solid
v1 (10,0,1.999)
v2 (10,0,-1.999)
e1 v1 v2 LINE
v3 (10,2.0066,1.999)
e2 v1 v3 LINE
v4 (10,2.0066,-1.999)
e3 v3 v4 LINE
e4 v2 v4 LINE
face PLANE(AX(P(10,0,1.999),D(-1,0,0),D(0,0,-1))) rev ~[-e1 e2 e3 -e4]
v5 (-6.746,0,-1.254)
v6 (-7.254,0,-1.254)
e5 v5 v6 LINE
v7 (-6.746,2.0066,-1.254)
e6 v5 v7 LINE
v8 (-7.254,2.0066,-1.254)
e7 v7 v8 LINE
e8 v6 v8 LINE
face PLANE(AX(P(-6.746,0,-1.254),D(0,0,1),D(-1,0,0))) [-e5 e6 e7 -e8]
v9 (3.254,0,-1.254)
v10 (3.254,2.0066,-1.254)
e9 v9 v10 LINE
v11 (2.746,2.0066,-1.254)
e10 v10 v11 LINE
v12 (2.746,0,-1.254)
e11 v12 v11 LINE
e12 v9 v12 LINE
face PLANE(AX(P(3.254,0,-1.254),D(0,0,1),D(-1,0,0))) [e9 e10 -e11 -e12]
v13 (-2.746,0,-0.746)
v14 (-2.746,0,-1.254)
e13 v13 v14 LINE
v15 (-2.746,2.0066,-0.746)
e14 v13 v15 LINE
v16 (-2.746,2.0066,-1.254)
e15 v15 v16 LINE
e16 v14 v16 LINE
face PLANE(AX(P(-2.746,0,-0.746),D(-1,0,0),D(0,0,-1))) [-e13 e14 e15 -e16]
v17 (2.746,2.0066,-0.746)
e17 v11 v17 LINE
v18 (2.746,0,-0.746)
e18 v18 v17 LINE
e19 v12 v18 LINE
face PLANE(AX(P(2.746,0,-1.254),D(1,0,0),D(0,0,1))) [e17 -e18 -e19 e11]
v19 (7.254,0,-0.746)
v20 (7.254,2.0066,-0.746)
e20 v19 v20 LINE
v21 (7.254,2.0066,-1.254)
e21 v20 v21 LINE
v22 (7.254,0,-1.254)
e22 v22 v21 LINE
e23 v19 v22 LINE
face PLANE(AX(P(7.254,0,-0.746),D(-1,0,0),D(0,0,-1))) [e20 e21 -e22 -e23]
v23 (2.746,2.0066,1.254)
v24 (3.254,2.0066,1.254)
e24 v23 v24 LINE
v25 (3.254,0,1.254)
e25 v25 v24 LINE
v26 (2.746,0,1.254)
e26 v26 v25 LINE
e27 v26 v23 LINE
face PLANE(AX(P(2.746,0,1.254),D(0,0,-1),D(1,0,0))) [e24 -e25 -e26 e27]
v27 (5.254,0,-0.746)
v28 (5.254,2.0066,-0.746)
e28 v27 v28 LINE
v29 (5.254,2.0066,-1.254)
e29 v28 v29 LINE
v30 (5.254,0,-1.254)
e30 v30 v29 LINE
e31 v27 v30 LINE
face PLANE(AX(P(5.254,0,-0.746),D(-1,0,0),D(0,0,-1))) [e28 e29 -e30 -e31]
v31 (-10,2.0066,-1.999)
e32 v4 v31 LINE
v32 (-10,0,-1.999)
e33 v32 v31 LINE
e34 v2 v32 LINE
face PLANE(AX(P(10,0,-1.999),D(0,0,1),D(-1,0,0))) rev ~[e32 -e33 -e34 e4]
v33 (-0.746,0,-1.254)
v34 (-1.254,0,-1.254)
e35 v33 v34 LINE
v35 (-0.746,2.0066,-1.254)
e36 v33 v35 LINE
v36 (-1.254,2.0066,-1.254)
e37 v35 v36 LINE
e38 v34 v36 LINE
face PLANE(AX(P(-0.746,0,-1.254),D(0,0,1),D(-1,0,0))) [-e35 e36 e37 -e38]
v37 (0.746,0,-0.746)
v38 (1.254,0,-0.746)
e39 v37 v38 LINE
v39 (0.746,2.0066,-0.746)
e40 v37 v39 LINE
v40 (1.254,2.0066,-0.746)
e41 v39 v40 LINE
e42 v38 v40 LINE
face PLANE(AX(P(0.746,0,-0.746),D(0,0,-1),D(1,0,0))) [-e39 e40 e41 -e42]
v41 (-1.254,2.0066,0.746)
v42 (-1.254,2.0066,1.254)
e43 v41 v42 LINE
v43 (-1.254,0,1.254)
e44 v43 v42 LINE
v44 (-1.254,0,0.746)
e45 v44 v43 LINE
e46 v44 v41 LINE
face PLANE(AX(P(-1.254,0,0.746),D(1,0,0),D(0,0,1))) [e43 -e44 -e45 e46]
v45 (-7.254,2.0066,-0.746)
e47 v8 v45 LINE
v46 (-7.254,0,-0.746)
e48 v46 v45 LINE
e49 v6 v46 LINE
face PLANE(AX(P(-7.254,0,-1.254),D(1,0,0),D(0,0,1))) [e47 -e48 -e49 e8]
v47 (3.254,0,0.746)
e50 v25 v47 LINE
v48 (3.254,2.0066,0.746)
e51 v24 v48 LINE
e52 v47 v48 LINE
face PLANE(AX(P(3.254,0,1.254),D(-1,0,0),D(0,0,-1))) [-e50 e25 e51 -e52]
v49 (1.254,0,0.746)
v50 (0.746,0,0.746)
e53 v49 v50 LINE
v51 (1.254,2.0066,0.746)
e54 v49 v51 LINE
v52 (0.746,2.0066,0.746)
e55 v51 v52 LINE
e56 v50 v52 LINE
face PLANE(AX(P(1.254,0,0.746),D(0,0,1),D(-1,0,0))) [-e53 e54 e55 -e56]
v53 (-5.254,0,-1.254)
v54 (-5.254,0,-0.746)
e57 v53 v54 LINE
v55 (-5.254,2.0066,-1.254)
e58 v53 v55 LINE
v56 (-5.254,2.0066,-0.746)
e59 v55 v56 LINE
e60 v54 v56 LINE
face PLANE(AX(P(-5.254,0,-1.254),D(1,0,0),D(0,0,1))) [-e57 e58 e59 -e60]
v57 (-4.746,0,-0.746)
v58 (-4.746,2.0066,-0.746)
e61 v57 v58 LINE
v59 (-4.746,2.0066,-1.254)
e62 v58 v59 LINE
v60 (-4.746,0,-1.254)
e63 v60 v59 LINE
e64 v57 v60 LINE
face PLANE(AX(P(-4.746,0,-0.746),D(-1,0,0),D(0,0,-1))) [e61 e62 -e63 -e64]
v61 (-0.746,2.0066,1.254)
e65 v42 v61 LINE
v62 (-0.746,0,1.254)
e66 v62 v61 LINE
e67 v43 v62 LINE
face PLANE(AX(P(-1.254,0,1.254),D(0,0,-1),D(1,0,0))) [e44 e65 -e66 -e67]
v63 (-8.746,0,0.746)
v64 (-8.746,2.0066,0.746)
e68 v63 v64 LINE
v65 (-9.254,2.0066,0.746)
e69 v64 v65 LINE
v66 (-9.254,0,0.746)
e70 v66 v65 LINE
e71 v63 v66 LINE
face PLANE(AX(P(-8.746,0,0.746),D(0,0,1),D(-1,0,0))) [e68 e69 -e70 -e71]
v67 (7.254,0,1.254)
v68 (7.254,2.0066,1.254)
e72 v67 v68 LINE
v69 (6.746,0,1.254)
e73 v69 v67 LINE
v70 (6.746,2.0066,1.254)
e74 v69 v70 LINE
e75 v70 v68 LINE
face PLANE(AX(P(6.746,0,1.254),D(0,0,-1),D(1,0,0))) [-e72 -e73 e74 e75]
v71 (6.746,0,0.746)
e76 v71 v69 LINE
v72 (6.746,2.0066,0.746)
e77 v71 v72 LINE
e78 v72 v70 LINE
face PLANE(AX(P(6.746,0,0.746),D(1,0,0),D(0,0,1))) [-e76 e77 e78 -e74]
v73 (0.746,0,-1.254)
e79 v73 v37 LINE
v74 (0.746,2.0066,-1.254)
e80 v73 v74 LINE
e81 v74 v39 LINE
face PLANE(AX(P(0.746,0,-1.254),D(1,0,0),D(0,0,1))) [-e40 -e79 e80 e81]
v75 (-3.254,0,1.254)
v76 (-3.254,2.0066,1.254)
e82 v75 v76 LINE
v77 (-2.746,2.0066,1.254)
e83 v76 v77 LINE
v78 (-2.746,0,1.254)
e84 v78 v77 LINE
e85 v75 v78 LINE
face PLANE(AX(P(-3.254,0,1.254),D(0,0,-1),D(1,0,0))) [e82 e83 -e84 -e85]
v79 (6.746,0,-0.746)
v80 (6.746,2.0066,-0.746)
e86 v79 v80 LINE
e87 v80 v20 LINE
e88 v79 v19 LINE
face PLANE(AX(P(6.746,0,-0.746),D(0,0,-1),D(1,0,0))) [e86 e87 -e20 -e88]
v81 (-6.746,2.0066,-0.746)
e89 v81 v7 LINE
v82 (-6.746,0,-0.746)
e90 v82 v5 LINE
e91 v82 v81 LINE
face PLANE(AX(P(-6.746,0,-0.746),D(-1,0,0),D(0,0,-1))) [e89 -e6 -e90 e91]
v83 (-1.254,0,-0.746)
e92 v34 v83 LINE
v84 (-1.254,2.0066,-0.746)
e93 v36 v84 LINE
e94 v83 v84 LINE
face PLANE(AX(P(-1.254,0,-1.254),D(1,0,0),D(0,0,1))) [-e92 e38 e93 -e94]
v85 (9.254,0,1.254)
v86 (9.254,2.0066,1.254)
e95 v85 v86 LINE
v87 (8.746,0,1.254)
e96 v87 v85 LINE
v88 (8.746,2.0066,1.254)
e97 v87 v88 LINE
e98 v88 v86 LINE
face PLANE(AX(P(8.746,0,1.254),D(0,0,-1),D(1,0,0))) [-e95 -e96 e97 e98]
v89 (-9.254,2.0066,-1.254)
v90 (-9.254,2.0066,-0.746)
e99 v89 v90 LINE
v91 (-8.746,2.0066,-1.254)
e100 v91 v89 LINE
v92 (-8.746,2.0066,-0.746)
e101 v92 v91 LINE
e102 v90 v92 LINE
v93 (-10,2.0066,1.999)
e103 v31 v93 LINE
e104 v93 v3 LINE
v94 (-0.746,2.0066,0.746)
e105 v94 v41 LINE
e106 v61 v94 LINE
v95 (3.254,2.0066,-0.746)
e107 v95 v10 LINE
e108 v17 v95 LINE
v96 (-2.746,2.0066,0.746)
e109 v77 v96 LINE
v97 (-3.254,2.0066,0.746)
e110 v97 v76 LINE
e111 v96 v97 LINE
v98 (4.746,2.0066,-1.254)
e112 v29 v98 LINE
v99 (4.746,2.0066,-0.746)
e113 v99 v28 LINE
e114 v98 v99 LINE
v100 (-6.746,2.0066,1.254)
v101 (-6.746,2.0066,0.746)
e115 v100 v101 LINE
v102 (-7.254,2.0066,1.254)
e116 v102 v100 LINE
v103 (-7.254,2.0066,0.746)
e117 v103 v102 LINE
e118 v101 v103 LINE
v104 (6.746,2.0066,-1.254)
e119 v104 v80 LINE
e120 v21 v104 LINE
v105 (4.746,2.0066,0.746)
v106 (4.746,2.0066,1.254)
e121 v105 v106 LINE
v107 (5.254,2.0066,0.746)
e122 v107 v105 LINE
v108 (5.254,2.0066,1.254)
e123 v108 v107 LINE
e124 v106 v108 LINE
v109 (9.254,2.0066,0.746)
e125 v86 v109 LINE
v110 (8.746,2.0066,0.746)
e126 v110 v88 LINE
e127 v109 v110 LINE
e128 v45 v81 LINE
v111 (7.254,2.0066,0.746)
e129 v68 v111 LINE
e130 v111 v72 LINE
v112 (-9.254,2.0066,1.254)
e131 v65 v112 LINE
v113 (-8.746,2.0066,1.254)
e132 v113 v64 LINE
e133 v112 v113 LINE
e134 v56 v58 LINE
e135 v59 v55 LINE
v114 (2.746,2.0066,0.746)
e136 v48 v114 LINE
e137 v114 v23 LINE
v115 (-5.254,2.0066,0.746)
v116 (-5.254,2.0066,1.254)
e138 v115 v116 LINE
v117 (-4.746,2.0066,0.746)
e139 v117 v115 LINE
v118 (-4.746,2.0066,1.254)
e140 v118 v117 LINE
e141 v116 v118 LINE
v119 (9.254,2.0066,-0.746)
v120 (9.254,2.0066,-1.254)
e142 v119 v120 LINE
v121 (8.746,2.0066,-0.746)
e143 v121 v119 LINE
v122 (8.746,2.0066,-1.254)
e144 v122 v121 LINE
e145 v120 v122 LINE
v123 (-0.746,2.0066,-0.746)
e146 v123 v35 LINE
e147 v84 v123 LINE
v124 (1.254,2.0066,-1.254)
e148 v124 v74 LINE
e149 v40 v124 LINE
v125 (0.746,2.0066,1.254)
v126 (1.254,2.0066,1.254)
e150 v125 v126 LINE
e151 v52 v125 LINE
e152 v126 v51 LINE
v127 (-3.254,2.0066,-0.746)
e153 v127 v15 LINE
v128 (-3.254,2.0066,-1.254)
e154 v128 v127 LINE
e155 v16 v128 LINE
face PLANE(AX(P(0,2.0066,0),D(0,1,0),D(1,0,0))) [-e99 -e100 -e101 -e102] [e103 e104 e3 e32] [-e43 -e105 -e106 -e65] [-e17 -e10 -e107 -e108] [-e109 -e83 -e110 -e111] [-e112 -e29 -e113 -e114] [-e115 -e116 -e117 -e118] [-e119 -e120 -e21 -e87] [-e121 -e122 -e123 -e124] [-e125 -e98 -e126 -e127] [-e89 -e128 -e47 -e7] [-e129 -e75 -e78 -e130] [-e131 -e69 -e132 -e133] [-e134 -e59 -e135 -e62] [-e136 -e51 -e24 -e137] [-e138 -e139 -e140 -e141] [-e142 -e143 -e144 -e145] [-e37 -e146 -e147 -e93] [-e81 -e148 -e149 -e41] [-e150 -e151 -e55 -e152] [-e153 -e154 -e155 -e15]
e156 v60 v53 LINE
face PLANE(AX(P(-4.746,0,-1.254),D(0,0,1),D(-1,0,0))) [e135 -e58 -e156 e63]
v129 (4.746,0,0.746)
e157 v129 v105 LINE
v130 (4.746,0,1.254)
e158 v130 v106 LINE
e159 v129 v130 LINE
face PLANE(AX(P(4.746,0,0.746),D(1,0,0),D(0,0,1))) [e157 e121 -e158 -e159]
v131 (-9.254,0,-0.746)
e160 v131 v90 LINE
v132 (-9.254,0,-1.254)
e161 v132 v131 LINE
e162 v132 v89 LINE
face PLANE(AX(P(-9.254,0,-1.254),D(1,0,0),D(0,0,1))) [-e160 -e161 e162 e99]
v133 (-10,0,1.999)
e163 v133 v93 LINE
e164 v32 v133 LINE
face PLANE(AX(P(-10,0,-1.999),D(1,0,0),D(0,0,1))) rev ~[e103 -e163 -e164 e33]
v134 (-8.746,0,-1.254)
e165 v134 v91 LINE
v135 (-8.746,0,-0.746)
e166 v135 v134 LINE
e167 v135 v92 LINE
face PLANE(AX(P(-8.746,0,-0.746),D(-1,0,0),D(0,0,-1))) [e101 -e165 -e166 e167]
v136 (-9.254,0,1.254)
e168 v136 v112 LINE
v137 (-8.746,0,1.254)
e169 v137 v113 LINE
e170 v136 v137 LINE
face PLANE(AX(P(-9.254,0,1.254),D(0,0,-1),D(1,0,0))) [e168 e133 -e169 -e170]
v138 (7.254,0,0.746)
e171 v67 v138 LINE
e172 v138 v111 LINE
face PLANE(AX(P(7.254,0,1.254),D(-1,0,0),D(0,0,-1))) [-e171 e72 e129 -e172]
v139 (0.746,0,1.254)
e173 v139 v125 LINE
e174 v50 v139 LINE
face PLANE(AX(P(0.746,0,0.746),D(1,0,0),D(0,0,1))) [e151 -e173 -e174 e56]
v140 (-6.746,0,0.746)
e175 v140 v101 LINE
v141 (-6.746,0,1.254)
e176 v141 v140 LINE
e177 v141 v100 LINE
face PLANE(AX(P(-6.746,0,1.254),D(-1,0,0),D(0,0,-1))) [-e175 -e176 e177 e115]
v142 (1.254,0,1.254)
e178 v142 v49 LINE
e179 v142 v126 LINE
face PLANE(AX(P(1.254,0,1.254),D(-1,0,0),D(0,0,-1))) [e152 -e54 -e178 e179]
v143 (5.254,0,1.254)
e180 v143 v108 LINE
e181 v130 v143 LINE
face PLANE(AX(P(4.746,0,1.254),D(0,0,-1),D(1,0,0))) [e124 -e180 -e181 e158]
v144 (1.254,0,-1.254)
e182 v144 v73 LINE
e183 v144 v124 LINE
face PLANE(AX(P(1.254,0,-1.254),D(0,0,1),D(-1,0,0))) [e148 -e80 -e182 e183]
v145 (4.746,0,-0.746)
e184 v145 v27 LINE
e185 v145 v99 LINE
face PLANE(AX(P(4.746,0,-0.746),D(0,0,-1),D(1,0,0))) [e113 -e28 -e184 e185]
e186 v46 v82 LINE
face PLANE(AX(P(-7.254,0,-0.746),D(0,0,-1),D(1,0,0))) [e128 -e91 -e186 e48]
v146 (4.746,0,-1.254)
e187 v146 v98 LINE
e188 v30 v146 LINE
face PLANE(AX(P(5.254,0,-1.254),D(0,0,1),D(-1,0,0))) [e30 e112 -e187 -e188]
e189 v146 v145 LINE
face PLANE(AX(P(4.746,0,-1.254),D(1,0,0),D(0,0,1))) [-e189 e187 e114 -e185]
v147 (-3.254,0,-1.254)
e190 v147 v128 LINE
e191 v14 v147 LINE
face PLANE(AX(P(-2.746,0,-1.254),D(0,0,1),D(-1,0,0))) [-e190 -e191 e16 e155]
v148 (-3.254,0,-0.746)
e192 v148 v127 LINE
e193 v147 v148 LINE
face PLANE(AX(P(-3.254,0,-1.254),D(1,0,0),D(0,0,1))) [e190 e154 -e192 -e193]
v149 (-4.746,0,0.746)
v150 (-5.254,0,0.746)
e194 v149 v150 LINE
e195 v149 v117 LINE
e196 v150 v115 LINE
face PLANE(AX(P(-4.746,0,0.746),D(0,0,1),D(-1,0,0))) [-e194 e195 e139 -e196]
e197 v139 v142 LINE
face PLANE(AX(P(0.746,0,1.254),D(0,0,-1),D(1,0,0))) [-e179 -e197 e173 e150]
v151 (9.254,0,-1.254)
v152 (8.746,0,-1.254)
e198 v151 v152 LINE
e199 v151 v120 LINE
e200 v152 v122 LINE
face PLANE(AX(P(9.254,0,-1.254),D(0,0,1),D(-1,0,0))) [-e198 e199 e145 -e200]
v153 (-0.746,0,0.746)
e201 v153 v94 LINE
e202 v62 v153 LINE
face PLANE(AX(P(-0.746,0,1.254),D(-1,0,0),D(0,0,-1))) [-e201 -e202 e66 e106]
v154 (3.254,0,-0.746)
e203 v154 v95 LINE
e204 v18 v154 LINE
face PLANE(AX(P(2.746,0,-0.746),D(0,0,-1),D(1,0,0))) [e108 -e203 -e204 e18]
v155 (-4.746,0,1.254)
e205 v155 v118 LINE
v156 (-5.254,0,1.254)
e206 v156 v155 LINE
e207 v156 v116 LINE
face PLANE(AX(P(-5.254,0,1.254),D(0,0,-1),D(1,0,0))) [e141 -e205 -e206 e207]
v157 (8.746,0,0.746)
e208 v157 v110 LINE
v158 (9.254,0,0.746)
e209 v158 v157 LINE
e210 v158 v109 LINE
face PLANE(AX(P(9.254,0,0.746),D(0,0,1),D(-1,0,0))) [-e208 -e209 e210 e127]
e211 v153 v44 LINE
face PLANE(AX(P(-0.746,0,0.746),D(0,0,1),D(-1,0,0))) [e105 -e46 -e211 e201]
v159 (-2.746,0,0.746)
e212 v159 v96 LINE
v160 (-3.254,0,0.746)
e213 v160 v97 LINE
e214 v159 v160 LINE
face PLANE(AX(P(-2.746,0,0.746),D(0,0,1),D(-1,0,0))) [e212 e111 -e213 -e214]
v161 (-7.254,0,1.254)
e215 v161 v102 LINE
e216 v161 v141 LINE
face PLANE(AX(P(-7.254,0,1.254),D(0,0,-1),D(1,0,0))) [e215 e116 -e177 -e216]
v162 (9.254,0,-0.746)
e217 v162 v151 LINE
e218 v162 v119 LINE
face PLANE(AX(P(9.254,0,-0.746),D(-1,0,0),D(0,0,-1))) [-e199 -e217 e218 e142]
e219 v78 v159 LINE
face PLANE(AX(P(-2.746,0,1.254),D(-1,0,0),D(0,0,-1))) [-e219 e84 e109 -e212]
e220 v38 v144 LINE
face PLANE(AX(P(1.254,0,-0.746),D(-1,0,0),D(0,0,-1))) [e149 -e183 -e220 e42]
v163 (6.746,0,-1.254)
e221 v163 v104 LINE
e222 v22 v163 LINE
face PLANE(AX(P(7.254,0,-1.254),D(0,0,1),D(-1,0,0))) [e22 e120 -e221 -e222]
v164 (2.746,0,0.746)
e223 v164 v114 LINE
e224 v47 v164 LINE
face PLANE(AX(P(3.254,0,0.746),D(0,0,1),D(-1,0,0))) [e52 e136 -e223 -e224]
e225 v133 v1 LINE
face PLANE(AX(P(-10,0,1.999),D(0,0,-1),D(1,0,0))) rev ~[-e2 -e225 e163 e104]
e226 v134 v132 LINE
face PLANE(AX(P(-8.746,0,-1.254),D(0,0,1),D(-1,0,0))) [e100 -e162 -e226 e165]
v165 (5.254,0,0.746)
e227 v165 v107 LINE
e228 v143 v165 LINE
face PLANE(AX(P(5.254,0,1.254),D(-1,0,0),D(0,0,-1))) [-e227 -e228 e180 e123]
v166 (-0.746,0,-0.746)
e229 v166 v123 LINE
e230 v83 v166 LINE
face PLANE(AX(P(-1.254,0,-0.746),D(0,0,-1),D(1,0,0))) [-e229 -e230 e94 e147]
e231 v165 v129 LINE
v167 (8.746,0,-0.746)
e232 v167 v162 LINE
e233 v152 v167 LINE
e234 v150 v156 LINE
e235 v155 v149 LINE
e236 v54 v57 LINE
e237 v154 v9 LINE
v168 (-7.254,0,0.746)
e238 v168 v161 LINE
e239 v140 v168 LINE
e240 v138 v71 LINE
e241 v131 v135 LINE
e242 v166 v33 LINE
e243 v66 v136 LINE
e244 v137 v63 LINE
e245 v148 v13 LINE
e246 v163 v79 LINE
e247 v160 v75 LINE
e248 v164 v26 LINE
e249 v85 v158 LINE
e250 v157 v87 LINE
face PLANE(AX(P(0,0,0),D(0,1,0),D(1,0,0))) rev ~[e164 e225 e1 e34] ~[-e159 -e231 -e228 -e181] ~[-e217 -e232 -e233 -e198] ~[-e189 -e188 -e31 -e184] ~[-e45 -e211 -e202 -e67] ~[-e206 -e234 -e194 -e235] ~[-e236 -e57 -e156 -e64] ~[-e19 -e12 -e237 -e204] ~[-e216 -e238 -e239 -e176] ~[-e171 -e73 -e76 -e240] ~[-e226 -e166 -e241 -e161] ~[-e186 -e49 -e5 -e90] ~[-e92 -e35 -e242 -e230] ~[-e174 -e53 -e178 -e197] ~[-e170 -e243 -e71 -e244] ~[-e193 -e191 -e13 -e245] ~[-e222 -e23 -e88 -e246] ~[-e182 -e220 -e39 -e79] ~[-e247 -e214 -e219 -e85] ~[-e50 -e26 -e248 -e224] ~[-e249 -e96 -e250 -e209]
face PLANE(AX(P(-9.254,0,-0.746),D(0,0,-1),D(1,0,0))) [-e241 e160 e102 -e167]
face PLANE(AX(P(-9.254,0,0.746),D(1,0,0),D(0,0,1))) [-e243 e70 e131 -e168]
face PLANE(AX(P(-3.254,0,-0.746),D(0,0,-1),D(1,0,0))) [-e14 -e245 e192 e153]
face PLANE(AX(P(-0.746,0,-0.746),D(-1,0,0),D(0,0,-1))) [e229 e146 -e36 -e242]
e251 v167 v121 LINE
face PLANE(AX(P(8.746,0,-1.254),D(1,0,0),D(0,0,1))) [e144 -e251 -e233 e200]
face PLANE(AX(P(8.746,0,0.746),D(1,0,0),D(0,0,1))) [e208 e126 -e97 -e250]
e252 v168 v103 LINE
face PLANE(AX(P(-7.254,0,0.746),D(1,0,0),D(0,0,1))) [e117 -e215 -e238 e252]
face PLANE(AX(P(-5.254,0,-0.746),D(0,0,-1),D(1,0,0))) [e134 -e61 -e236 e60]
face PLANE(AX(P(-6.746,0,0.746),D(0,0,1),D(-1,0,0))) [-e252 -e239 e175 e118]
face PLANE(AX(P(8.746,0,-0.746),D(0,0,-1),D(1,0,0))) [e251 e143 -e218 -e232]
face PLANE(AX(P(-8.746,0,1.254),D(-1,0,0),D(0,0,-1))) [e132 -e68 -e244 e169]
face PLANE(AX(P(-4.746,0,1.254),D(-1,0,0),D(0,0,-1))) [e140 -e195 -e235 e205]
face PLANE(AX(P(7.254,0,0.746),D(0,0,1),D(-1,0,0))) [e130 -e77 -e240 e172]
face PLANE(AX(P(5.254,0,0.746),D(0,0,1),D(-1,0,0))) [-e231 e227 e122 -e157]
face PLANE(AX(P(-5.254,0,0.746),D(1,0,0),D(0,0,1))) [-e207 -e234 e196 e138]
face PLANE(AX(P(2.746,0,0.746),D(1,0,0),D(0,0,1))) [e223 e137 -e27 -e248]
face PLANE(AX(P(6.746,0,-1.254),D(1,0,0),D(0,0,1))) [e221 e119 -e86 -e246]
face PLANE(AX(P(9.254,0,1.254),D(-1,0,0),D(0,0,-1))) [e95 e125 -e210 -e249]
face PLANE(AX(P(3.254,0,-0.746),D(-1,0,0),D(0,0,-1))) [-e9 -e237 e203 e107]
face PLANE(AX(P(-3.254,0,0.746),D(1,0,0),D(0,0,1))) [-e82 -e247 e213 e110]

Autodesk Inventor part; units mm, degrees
sketch "Sketch0" plane through (0, 0, 0) normal (0, 1, 0) x (1, 0, 0)
  line L0 (-10, -1.999) -> (10, -1.999)
  line L1 (10, -1.999) -> (10, 1.999)
  line L2 (10, 1.999) -> (-10, 1.999)
  line L3 (-10, 1.999) -> (-10, -1.999)
  line L4 (8.746, 0.746) -> (9.254, 0.746)
  line L5 (9.254, 0.746) -> (9.254, 1.254)
  line L6 (9.254, 1.254) -> (8.746, 1.254)
  line L7 (8.746, 1.254) -> (8.746, 0.746)
  line L8 (8.746, -1.254) -> (9.254, -1.254)
  line L9 (9.254, -1.254) -> (9.254, -0.746)
  line L10 (9.254, -0.746) -> (8.746, -0.746)
  line L11 (8.746, -0.746) -> (8.746, -1.254)
  line L12 (6.746, 0.746) -> (7.254, 0.746)
  line L13 (7.254, 0.746) -> (7.254, 1.254)
  line L14 (7.254, 1.254) -> (6.746, 1.254)
  line L15 (6.746, 1.254) -> (6.746, 0.746)
  line L16 (6.746, -1.254) -> (7.254, -1.254)
  line L17 (7.254, -1.254) -> (7.254, -0.746)
  line L18 (7.254, -0.746) -> (6.746, -0.746)
  line L19 (6.746, -0.746) -> (6.746, -1.254)
  line L20 (4.746, 0.746) -> (5.254, 0.746)
  line L21 (5.254, 0.746) -> (5.254, 1.254)
  line L22 (5.254, 1.254) -> (4.746, 1.254)
  line L23 (4.746, 1.254) -> (4.746, 0.746)
  line L24 (4.746, -1.254) -> (5.254, -1.254)
  line L25 (5.254, -1.254) -> (5.254, -0.746)
  line L26 (5.254, -0.746) -> (4.746, -0.746)
  line L27 (4.746, -0.746) -> (4.746, -1.254)
  line L28 (2.746, 0.746) -> (3.254, 0.746)
  line L29 (3.254, 0.746) -> (3.254, 1.254)
  line L30 (3.254, 1.254) -> (2.746, 1.254)
  line L31 (2.746, 1.254) -> (2.746, 0.746)
  line L32 (2.746, -1.254) -> (3.254, -1.254)
  line L33 (3.254, -1.254) -> (3.254, -0.746)
  line L34 (3.254, -0.746) -> (2.746, -0.746)
  line L35 (2.746, -0.746) -> (2.746, -1.254)
  line L36 (0.746, 0.746) -> (1.254, 0.746)
  line L37 (1.254, 0.746) -> (1.254, 1.254)
  line L38 (1.254, 1.254) -> (0.746, 1.254)
  line L39 (0.746, 1.254) -> (0.746, 0.746)
  line L40 (0.746, -1.254) -> (1.254, -1.254)
  line L41 (1.254, -1.254) -> (1.254, -0.746)
  line L42 (1.254, -0.746) -> (0.746, -0.746)
  line L43 (0.746, -0.746) -> (0.746, -1.254)
  line L44 (-1.254, 0.746) -> (-0.746, 0.746)
  line L45 (-0.746, 0.746) -> (-0.746, 1.254)
  line L46 (-0.746, 1.254) -> (-1.254, 1.254)
  line L47 (-1.254, 1.254) -> (-1.254, 0.746)
  line L48 (-1.254, -1.254) -> (-0.746, -1.254)
  line L49 (-0.746, -1.254) -> (-0.746, -0.746)
  line L50 (-0.746, -0.746) -> (-1.254, -0.746)
  line L51 (-1.254, -0.746) -> (-1.254, -1.254)
  line L52 (-3.254, 0.746) -> (-2.746, 0.746)
  line L53 (-2.746, 0.746) -> (-2.746, 1.254)
  line L54 (-2.746, 1.254) -> (-3.254, 1.254)
  line L55 (-3.254, 1.254) -> (-3.254, 0.746)
  line L56 (-3.254, -1.254) -> (-2.746, -1.254)
  line L57 (-2.746, -1.254) -> (-2.746, -0.746)
  line L58 (-2.746, -0.746) -> (-3.254, -0.746)
  line L59 (-3.254, -0.746) -> (-3.254, -1.254)
  line L60 (-5.254, 0.746) -> (-4.746, 0.746)
  line L61 (-4.746, 0.746) -> (-4.746, 1.254)
  line L62 (-4.746, 1.254) -> (-5.254, 1.254)
  line L63 (-5.254, 1.254) -> (-5.254, 0.746)
  line L64 (-5.254, -1.254) -> (-4.746, -1.254)
  line L65 (-4.746, -1.254) -> (-4.746, -0.746)
  line L66 (-4.746, -0.746) -> (-5.254, -0.746)
  line L67 (-5.254, -0.746) -> (-5.254, -1.254)
  line L68 (-7.254, 0.746) -> (-6.746, 0.746)
  line L69 (-6.746, 0.746) -> (-6.746, 1.254)
  line L70 (-6.746, 1.254) -> (-7.254, 1.254)
  line L71 (-7.254, 1.254) -> (-7.254, 0.746)
  line L72 (-7.254, -1.254) -> (-6.746, -1.254)
  line L73 (-6.746, -1.254) -> (-6.746, -0.746)
  line L74 (-6.746, -0.746) -> (-7.254, -0.746)
  line L75 (-7.254, -0.746) -> (-7.254, -1.254)
  line L76 (-9.254, 0.746) -> (-8.746, 0.746)
  line L77 (-8.746, 0.746) -> (-8.746, 1.254)
  line L78 (-8.746, 1.254) -> (-9.254, 1.254)
  line L79 (-9.254, 1.254) -> (-9.254, 0.746)
  line L80 (-9.254, -1.254) -> (-8.746, -1.254)
  line L81 (-8.746, -1.254) -> (-8.746, -0.746)
  line L82 (-8.746, -0.746) -> (-9.254, -0.746)
  line L83 (-9.254, -0.746) -> (-9.254, -1.254)
extrude "Extrusion1" add sketch "Sketch0" along normal blind 2.0066
ref_plane "0_XY" through (0, 0, 0) normal (0, 1, 0) x (1, 0, 0)
ref_plane "0_YZ" through (0, 0, 0) normal (1, 0, 0) x (0, 0, -1)
ref_plane "0_ZX" through (0, 0, 0) normal (0, 0, -1) x (0, 1, 0)
properties part number "BB1TW-10-11-T-D-250-080"
